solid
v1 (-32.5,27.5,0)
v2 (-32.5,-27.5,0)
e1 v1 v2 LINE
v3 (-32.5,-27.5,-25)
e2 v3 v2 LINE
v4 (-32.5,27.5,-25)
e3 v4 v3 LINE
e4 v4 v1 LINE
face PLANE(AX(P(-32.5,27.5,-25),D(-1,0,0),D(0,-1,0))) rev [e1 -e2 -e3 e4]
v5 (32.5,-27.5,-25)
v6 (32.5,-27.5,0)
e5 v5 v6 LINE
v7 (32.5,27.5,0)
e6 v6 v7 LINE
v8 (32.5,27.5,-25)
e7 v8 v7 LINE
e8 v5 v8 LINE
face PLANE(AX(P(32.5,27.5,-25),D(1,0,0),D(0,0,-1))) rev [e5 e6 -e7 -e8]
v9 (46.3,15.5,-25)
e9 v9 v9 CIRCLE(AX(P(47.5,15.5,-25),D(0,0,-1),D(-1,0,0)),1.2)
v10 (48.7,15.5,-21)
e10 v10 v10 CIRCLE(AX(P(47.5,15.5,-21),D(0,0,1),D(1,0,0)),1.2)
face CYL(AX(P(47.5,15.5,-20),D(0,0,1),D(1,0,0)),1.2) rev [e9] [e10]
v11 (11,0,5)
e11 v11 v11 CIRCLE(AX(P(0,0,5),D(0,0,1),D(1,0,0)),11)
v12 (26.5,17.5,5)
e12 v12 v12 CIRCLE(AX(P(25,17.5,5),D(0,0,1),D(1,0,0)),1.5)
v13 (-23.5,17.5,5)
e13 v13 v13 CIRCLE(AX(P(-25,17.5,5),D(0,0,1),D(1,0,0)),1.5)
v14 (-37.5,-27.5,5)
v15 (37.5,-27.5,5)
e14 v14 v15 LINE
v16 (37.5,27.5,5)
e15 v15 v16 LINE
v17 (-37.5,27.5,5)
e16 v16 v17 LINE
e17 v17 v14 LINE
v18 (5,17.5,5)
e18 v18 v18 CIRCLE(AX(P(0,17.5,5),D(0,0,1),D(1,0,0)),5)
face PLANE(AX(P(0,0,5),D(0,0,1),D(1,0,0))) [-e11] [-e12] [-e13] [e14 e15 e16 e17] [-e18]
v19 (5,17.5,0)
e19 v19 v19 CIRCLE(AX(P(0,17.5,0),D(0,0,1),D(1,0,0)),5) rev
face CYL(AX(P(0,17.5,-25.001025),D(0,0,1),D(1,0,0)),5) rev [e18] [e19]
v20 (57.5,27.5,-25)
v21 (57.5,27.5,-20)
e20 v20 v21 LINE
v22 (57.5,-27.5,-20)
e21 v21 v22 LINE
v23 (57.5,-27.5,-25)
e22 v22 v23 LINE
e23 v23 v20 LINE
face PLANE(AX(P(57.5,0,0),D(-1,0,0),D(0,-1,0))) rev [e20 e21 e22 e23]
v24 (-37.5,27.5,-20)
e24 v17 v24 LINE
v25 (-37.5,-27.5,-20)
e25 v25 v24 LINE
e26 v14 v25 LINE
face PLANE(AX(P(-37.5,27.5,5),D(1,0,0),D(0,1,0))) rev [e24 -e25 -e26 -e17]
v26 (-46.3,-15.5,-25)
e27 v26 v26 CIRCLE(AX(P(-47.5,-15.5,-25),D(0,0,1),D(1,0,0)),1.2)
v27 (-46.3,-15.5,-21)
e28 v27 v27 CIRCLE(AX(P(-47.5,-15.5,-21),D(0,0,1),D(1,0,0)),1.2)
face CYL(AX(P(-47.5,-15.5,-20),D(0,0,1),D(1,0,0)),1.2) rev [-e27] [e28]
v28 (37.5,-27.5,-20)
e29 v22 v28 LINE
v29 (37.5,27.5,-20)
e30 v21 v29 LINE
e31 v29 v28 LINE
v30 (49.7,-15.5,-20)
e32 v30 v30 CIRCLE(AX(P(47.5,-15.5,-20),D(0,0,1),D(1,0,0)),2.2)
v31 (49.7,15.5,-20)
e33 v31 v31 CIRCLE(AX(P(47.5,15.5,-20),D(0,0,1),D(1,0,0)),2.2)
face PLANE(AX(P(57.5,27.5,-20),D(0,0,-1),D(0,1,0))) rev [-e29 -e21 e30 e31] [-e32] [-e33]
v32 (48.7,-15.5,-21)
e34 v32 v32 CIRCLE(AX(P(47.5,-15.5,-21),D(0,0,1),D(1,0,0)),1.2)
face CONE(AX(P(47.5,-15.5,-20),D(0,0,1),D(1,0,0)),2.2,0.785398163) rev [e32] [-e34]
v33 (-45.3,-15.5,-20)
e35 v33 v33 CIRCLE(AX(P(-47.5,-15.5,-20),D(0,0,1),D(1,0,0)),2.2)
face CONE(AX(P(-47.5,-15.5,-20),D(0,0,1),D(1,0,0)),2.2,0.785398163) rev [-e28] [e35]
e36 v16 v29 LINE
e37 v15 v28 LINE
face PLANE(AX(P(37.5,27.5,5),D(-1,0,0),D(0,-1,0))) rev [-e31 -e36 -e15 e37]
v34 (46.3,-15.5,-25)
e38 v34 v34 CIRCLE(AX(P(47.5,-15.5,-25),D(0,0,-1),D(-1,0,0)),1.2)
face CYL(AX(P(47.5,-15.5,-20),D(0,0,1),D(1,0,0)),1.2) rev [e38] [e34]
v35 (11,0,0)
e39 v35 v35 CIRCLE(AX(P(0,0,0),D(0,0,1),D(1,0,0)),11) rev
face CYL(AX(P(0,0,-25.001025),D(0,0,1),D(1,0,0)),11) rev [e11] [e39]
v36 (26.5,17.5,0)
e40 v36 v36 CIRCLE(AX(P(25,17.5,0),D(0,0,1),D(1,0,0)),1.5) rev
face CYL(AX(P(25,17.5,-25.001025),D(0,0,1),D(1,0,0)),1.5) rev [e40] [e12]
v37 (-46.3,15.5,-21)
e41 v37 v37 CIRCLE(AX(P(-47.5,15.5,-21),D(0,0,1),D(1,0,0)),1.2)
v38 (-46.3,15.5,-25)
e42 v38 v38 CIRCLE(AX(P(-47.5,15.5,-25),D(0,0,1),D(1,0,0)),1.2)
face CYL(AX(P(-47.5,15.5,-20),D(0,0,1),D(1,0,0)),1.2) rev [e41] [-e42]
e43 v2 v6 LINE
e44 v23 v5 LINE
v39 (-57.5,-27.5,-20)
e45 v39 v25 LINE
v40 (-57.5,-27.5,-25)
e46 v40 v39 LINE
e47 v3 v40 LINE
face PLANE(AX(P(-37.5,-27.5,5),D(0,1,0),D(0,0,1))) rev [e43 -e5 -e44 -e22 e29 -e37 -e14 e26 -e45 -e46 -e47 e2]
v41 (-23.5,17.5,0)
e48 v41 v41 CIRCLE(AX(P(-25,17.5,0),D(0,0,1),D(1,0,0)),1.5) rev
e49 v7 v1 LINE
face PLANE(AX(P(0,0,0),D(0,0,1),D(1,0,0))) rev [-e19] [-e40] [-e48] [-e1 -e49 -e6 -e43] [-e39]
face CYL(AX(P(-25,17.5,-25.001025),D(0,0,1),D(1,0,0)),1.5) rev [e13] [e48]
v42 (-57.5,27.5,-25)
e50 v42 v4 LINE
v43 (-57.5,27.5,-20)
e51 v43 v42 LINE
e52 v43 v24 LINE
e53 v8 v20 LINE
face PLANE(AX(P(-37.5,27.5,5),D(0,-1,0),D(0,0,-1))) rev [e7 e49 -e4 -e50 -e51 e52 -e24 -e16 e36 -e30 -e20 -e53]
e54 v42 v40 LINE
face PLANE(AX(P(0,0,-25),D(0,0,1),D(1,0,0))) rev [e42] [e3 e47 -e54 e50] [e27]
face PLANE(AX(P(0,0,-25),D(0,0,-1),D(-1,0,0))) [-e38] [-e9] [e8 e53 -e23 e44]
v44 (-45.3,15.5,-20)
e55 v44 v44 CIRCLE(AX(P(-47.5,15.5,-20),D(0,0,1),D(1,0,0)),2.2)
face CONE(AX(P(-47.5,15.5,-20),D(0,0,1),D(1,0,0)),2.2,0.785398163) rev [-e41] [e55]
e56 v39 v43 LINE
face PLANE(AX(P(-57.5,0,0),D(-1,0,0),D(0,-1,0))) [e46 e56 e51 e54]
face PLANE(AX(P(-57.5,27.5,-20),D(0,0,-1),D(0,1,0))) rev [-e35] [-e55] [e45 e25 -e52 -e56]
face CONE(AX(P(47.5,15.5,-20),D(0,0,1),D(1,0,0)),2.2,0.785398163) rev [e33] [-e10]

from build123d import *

# Parameters (mm, degrees)
SKETCH1_W                                      = 75
SKETCH1_H                                      = 55
BOSS_EXTRUDE1_DEPTH                            = 5
SKETCH2_W                                      = 5
SKETCH2_H                                      = 55
BOSS_EXTRUDE2_DEPTH                            = 25
CUT_EXTRUDE1_REACH                             = 32
SKETCH3_R                                      = 5
SKETCH3_R_2                                    = 1.5
SKETCH3_R_3                                    = 11
SKETCH4_W                                      = 5
SKETCH4_H                                      = 55
BOSS_EXTRUDE3_DEPTH                            = 20
SKETCH5_W                                      = 5
SKETCH5_H                                      = 55
BOSS_EXTRUDE4_DEPTH                            = 20
M2_D_Z_BA_L_MAKINE_VIDAS_IN_HAV_A1_D           = 2.4
M2_D_Z_BA_L_MAKINE_VIDAS_IN_HAV_A1_CSINK_D     = 4.4
M2_D_Z_BA_L_MAKINE_VIDAS_IN_HAV_A1_CSINK_ANGLE = 90


with BuildPart() as part:
    # Sketch1 → Boss-Extrude1 (new body)
    with BuildSketch(Plane.XY):
        Rectangle(SKETCH1_W, SKETCH1_H)
    extrude(amount=BOSS_EXTRUDE1_DEPTH)

    # Sketch2 → Boss-Extrude2 (add)
    with BuildSketch(Plane(origin=(0, 0, 0), x_dir=(-1, 0, 0), z_dir=(0, 0, -1))):
        with Locations((-35, 0)):
            Rectangle(SKETCH2_W, SKETCH2_H)
        with Locations((35, 0)):
            Rectangle(SKETCH2_W, SKETCH2_H)
    extrude(amount=BOSS_EXTRUDE2_DEPTH)

    # Sketch3 → Cut-Extrude1 (cut, up to next)
    with BuildSketch(Plane.XY.offset(5), mode=Mode.PRIVATE) as cut_extrude1_sk1:
        with Locations((0, 17.5)):
            Circle(SKETCH3_R)
    cut_extrude1_tool1 = extrude(cut_extrude1_sk1.sketch, amount=-CUT_EXTRUDE1_REACH, mode=Mode.PRIVATE) & part.part
    add(cut_extrude1_tool1.solids().sort_by_distance((0, 17.5, 5))[0], mode=Mode.SUBTRACT)
    # Sketch3 → Cut-Extrude1 (cut, up to next)
    with BuildSketch(Plane.XY.offset(5), mode=Mode.PRIVATE) as cut_extrude1_sk2:
        with Locations((-25, 17.5)):
            Circle(SKETCH3_R_2)
    cut_extrude1_tool2 = extrude(cut_extrude1_sk2.sketch, amount=-CUT_EXTRUDE1_REACH, mode=Mode.PRIVATE) & part.part
    add(cut_extrude1_tool2.solids().sort_by_distance((-25, 17.5, 5))[0], mode=Mode.SUBTRACT)
    # Sketch3 → Cut-Extrude1 (cut, up to next)
    with BuildSketch(Plane.XY.offset(5), mode=Mode.PRIVATE) as cut_extrude1_sk3:
        with Locations((25, 17.5)):
            Circle(SKETCH3_R_2)
    cut_extrude1_tool3 = extrude(cut_extrude1_sk3.sketch, amount=-CUT_EXTRUDE1_REACH, mode=Mode.PRIVATE) & part.part
    add(cut_extrude1_tool3.solids().sort_by_distance((25, 17.5, 5))[0], mode=Mode.SUBTRACT)
    # Sketch3 → Cut-Extrude1 (cut, up to next)
    with BuildSketch(Plane.XY.offset(5), mode=Mode.PRIVATE) as cut_extrude1_sk4:
        Circle(SKETCH3_R_3)
    cut_extrude1_tool4 = extrude(cut_extrude1_sk4.sketch, amount=-CUT_EXTRUDE1_REACH, mode=Mode.PRIVATE) & part.part
    add(cut_extrude1_tool4.solids().sort_by_distance((0, 0, 5))[0], mode=Mode.SUBTRACT)

    # Sketch4 → Boss-Extrude3 (add)
    with BuildSketch(Plane(origin=(37.5, 0, 0), x_dir=(0, 0, -1), z_dir=(1, 0, 0))):
        with Locations((22.5, 0)):
            Rectangle(SKETCH4_W, SKETCH4_H)
    extrude(amount=BOSS_EXTRUDE3_DEPTH)

    # Sketch5 → Boss-Extrude4 (add)
    with BuildSketch(Plane.ZY.offset(37.5)):
        with Locations((-22.5, 0)):
            Rectangle(SKETCH5_W, SKETCH5_H)
    extrude(amount=BOSS_EXTRUDE4_DEPTH)

    # M2 Düz Başlı Makine Vidası İçin Havşa1 (through all)
    with Locations(Plane.XY.offset(-20)):
        with Locations((-47.5, 15.5), (-47.5, -15.5), (47.5, 15.5), (47.5, -15.5)):
            CounterSinkHole(M2_D_Z_BA_L_MAKINE_VIDAS_IN_HAV_A1_D / 2, M2_D_Z_BA_L_MAKINE_VIDAS_IN_HAV_A1_CSINK_D / 2, counter_sink_angle=M2_D_Z_BA_L_MAKINE_VIDAS_IN_HAV_A1_CSINK_ANGLE)


solid = part.part
